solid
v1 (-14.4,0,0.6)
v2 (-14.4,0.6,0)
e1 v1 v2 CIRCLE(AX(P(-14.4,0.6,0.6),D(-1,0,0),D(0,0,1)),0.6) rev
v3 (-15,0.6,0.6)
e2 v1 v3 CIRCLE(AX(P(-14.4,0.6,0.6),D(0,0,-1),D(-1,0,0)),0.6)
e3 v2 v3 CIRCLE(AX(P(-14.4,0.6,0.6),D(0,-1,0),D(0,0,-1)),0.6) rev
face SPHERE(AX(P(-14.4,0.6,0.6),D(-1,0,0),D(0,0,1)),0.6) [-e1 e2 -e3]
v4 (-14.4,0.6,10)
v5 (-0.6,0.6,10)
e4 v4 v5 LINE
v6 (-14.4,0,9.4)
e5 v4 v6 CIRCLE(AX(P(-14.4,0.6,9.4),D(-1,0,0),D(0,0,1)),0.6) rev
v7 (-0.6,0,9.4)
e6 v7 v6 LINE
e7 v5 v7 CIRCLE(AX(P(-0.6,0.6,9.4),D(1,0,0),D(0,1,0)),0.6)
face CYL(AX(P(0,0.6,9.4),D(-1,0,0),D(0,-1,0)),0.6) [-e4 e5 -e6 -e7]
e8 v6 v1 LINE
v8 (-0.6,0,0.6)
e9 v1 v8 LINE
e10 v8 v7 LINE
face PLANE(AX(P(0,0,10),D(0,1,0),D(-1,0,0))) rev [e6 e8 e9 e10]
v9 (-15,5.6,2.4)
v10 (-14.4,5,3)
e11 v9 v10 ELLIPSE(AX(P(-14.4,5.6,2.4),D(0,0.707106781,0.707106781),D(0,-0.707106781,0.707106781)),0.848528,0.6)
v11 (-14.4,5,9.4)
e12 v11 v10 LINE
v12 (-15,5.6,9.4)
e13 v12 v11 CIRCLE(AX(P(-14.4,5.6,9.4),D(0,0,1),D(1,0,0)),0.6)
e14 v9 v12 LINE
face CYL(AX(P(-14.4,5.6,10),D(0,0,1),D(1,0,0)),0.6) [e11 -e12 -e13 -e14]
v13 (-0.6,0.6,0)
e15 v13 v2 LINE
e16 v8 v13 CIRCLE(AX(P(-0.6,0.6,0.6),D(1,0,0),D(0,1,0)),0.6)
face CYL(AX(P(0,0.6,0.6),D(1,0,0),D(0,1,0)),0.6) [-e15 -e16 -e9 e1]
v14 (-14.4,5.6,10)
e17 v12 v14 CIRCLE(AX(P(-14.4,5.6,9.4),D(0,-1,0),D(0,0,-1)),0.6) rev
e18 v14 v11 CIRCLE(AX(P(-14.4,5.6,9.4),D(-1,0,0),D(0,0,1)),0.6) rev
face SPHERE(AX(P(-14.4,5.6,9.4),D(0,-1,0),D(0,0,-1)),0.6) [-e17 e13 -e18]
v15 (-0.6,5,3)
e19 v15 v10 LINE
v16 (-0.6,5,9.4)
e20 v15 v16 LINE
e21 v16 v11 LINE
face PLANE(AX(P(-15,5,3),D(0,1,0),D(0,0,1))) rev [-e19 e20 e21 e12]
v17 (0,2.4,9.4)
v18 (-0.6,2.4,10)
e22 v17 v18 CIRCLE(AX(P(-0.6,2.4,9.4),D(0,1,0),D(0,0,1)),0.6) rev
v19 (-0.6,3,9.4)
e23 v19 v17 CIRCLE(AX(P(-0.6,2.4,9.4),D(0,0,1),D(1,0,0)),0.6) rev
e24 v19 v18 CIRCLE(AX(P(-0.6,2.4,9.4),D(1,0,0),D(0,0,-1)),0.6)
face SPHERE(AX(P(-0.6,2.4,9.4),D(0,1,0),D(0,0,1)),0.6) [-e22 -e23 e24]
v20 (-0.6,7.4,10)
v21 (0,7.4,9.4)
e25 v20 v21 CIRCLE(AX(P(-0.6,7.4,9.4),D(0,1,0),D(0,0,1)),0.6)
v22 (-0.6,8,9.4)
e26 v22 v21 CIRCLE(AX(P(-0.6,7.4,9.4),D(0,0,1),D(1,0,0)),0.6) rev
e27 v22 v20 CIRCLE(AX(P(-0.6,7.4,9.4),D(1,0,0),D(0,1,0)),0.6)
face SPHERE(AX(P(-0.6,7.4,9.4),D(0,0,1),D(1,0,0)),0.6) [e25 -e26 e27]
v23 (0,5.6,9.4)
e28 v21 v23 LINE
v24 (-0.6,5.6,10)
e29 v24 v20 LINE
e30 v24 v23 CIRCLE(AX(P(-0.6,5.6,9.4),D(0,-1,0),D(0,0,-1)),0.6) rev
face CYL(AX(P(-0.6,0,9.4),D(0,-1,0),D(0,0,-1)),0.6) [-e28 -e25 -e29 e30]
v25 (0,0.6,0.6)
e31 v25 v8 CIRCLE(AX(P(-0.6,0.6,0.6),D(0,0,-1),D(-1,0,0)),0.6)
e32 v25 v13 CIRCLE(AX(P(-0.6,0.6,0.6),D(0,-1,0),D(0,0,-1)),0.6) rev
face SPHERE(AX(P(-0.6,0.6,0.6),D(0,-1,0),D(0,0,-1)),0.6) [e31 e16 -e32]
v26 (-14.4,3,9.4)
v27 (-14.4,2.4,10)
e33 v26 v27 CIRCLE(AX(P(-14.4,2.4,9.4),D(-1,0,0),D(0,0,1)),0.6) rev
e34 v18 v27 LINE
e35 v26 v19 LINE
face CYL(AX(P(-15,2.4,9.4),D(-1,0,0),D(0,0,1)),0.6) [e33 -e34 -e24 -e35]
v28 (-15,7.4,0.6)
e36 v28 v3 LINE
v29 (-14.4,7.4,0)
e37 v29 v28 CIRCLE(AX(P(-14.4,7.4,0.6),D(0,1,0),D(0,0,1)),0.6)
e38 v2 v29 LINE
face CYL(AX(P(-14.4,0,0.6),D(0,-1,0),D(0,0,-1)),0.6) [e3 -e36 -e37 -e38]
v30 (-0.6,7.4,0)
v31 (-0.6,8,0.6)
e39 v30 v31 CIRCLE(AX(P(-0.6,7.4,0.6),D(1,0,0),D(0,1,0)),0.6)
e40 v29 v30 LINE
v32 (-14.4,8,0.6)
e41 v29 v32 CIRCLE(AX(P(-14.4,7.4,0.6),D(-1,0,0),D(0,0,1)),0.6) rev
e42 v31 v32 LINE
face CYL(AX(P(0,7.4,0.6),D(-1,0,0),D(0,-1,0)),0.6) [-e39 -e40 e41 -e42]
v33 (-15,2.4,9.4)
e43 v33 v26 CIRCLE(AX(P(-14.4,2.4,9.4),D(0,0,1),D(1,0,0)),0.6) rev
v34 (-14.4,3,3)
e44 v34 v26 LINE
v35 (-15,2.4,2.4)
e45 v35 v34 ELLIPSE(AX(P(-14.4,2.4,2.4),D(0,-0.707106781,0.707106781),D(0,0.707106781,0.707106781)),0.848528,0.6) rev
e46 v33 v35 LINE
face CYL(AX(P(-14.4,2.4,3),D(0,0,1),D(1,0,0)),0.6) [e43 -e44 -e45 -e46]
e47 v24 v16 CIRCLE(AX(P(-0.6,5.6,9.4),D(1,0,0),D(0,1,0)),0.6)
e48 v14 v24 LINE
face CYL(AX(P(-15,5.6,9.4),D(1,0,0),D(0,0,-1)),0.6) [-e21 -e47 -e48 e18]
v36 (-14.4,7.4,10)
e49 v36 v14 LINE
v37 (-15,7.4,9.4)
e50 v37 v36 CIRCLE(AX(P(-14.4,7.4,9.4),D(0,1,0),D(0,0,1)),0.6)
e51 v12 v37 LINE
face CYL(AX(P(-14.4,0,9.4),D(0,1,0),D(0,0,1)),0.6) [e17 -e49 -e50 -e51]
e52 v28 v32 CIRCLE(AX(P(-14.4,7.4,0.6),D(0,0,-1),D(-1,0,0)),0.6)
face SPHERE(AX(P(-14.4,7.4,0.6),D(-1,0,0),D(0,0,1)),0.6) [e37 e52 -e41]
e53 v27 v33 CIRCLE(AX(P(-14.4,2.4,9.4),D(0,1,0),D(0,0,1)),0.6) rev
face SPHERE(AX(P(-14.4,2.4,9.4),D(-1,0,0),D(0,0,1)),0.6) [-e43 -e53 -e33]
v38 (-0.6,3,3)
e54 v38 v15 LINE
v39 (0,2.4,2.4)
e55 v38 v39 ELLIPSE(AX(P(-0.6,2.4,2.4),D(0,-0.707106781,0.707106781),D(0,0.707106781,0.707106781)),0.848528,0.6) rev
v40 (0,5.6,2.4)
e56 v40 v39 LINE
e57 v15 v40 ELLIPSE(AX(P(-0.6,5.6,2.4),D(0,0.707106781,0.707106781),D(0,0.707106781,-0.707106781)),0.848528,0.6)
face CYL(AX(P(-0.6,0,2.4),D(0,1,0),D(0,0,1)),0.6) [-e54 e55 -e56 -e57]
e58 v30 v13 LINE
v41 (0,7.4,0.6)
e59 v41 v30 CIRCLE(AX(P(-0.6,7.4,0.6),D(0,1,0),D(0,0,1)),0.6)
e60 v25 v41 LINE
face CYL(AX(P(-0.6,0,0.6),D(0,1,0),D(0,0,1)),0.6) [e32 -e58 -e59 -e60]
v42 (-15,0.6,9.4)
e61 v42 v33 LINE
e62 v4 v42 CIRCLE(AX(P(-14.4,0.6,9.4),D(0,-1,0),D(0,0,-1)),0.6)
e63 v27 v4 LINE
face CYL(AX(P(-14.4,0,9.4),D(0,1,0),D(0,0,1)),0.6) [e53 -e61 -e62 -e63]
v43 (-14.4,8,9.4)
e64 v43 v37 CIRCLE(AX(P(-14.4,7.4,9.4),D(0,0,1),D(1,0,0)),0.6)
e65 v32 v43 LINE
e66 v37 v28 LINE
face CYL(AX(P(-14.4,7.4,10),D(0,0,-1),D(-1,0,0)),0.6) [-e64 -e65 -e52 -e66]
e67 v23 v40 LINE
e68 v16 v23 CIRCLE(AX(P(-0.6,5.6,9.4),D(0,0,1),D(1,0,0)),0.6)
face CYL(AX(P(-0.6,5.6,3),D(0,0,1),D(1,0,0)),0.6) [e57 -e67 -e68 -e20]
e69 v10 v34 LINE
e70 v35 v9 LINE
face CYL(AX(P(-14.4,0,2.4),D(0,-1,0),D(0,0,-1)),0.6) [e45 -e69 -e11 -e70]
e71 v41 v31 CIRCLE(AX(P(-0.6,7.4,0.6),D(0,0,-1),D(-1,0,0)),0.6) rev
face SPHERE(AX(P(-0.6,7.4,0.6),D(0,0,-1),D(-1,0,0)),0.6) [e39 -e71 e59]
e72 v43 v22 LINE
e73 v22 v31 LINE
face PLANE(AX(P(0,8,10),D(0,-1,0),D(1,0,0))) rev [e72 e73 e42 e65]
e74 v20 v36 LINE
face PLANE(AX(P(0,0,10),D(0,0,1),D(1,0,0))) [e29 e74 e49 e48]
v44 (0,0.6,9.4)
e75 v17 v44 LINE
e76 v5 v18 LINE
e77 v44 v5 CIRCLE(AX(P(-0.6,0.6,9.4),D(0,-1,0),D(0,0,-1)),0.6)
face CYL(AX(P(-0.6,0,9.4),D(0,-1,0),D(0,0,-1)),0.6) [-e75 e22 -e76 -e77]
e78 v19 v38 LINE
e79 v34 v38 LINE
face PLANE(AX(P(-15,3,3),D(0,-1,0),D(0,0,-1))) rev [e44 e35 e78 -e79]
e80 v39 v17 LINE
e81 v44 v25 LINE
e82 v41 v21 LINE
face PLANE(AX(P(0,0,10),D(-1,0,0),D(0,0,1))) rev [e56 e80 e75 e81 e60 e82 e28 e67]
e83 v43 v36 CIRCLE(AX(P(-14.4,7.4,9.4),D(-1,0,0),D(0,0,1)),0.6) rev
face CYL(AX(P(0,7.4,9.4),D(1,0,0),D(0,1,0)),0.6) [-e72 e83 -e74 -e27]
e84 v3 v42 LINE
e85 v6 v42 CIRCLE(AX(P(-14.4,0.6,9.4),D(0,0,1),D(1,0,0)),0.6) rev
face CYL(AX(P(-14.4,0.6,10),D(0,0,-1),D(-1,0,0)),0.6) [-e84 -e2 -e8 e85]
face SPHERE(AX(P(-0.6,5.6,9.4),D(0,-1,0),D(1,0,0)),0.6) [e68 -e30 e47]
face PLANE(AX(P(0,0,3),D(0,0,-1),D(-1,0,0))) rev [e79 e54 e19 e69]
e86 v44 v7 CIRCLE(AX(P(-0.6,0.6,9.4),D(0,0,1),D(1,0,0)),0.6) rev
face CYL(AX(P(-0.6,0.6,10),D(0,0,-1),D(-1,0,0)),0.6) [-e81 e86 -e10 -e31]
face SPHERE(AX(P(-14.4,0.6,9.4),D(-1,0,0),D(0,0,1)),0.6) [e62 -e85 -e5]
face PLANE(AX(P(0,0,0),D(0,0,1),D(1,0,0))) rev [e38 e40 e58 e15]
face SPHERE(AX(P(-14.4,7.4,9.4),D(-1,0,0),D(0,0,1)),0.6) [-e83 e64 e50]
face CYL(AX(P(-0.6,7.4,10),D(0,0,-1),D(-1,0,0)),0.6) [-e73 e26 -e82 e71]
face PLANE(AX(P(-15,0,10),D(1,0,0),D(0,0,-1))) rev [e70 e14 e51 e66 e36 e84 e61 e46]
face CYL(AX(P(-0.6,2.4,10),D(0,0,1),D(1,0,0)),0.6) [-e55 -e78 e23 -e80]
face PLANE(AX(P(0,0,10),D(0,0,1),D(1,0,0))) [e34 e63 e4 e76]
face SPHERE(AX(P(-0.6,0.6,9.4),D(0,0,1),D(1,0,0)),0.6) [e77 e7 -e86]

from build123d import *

# Parameters (mm, degrees)
SKETCH1_W           = 15
SKETCH1_H           = 8
BOSS_EXTRUDE1_DEPTH = 10
SKETCH2_W           = 15
SKETCH2_H           = 2
CUT_EXTRUDE1_DEPTH  = 7
FILLET1_R           = 0.6


with BuildPart() as part:
    # Sketch1 → Boss-Extrude1 (new body)
    with BuildSketch(Plane.XY):
        with Locations((-7.5, 4)):
            Rectangle(SKETCH1_W, SKETCH1_H)
    extrude(amount=BOSS_EXTRUDE1_DEPTH)

    # Sketch2 → Cut-Extrude1 (cut)
    with BuildSketch(Plane.XY.offset(10)):
        with Locations((-7.5, 4)):
            Rectangle(SKETCH2_W, SKETCH2_H)
    extrude(amount=-CUT_EXTRUDE1_DEPTH, mode=Mode.SUBTRACT)

    # Fillet1
    fillet1_edges = [part.edges().sort_by_distance(p)[0] for p in [
        (-15, 6.5, 10),
        (0, 6.5, 10),
        (-15, 1.5, 10),
        (-7.5, 0, 10),
        (-15, 4, 3),
        (-15, 3, 6.5),
        (-15, 5, 6.5),
        (0, 4, 3),
        (0, 5, 6.5),
        (0, 3, 6.5),
        (-7.5, 3, 10),
        (-7.5, 5, 10),
        (0, 1.5, 10),
        (-7.5, 0, 0),
        (-15, 4, 0),
        (-7.5, 8, 0),
        (0, 4, 0),
        (0, 0, 5),
        (-15, 0, 5),
        (-15, 8, 5),
        (0, 8, 5),
        (-7.5, 8, 10),
    ]]
    fillet(fillet1_edges, radius=FILLET1_R)


solid = part.part
